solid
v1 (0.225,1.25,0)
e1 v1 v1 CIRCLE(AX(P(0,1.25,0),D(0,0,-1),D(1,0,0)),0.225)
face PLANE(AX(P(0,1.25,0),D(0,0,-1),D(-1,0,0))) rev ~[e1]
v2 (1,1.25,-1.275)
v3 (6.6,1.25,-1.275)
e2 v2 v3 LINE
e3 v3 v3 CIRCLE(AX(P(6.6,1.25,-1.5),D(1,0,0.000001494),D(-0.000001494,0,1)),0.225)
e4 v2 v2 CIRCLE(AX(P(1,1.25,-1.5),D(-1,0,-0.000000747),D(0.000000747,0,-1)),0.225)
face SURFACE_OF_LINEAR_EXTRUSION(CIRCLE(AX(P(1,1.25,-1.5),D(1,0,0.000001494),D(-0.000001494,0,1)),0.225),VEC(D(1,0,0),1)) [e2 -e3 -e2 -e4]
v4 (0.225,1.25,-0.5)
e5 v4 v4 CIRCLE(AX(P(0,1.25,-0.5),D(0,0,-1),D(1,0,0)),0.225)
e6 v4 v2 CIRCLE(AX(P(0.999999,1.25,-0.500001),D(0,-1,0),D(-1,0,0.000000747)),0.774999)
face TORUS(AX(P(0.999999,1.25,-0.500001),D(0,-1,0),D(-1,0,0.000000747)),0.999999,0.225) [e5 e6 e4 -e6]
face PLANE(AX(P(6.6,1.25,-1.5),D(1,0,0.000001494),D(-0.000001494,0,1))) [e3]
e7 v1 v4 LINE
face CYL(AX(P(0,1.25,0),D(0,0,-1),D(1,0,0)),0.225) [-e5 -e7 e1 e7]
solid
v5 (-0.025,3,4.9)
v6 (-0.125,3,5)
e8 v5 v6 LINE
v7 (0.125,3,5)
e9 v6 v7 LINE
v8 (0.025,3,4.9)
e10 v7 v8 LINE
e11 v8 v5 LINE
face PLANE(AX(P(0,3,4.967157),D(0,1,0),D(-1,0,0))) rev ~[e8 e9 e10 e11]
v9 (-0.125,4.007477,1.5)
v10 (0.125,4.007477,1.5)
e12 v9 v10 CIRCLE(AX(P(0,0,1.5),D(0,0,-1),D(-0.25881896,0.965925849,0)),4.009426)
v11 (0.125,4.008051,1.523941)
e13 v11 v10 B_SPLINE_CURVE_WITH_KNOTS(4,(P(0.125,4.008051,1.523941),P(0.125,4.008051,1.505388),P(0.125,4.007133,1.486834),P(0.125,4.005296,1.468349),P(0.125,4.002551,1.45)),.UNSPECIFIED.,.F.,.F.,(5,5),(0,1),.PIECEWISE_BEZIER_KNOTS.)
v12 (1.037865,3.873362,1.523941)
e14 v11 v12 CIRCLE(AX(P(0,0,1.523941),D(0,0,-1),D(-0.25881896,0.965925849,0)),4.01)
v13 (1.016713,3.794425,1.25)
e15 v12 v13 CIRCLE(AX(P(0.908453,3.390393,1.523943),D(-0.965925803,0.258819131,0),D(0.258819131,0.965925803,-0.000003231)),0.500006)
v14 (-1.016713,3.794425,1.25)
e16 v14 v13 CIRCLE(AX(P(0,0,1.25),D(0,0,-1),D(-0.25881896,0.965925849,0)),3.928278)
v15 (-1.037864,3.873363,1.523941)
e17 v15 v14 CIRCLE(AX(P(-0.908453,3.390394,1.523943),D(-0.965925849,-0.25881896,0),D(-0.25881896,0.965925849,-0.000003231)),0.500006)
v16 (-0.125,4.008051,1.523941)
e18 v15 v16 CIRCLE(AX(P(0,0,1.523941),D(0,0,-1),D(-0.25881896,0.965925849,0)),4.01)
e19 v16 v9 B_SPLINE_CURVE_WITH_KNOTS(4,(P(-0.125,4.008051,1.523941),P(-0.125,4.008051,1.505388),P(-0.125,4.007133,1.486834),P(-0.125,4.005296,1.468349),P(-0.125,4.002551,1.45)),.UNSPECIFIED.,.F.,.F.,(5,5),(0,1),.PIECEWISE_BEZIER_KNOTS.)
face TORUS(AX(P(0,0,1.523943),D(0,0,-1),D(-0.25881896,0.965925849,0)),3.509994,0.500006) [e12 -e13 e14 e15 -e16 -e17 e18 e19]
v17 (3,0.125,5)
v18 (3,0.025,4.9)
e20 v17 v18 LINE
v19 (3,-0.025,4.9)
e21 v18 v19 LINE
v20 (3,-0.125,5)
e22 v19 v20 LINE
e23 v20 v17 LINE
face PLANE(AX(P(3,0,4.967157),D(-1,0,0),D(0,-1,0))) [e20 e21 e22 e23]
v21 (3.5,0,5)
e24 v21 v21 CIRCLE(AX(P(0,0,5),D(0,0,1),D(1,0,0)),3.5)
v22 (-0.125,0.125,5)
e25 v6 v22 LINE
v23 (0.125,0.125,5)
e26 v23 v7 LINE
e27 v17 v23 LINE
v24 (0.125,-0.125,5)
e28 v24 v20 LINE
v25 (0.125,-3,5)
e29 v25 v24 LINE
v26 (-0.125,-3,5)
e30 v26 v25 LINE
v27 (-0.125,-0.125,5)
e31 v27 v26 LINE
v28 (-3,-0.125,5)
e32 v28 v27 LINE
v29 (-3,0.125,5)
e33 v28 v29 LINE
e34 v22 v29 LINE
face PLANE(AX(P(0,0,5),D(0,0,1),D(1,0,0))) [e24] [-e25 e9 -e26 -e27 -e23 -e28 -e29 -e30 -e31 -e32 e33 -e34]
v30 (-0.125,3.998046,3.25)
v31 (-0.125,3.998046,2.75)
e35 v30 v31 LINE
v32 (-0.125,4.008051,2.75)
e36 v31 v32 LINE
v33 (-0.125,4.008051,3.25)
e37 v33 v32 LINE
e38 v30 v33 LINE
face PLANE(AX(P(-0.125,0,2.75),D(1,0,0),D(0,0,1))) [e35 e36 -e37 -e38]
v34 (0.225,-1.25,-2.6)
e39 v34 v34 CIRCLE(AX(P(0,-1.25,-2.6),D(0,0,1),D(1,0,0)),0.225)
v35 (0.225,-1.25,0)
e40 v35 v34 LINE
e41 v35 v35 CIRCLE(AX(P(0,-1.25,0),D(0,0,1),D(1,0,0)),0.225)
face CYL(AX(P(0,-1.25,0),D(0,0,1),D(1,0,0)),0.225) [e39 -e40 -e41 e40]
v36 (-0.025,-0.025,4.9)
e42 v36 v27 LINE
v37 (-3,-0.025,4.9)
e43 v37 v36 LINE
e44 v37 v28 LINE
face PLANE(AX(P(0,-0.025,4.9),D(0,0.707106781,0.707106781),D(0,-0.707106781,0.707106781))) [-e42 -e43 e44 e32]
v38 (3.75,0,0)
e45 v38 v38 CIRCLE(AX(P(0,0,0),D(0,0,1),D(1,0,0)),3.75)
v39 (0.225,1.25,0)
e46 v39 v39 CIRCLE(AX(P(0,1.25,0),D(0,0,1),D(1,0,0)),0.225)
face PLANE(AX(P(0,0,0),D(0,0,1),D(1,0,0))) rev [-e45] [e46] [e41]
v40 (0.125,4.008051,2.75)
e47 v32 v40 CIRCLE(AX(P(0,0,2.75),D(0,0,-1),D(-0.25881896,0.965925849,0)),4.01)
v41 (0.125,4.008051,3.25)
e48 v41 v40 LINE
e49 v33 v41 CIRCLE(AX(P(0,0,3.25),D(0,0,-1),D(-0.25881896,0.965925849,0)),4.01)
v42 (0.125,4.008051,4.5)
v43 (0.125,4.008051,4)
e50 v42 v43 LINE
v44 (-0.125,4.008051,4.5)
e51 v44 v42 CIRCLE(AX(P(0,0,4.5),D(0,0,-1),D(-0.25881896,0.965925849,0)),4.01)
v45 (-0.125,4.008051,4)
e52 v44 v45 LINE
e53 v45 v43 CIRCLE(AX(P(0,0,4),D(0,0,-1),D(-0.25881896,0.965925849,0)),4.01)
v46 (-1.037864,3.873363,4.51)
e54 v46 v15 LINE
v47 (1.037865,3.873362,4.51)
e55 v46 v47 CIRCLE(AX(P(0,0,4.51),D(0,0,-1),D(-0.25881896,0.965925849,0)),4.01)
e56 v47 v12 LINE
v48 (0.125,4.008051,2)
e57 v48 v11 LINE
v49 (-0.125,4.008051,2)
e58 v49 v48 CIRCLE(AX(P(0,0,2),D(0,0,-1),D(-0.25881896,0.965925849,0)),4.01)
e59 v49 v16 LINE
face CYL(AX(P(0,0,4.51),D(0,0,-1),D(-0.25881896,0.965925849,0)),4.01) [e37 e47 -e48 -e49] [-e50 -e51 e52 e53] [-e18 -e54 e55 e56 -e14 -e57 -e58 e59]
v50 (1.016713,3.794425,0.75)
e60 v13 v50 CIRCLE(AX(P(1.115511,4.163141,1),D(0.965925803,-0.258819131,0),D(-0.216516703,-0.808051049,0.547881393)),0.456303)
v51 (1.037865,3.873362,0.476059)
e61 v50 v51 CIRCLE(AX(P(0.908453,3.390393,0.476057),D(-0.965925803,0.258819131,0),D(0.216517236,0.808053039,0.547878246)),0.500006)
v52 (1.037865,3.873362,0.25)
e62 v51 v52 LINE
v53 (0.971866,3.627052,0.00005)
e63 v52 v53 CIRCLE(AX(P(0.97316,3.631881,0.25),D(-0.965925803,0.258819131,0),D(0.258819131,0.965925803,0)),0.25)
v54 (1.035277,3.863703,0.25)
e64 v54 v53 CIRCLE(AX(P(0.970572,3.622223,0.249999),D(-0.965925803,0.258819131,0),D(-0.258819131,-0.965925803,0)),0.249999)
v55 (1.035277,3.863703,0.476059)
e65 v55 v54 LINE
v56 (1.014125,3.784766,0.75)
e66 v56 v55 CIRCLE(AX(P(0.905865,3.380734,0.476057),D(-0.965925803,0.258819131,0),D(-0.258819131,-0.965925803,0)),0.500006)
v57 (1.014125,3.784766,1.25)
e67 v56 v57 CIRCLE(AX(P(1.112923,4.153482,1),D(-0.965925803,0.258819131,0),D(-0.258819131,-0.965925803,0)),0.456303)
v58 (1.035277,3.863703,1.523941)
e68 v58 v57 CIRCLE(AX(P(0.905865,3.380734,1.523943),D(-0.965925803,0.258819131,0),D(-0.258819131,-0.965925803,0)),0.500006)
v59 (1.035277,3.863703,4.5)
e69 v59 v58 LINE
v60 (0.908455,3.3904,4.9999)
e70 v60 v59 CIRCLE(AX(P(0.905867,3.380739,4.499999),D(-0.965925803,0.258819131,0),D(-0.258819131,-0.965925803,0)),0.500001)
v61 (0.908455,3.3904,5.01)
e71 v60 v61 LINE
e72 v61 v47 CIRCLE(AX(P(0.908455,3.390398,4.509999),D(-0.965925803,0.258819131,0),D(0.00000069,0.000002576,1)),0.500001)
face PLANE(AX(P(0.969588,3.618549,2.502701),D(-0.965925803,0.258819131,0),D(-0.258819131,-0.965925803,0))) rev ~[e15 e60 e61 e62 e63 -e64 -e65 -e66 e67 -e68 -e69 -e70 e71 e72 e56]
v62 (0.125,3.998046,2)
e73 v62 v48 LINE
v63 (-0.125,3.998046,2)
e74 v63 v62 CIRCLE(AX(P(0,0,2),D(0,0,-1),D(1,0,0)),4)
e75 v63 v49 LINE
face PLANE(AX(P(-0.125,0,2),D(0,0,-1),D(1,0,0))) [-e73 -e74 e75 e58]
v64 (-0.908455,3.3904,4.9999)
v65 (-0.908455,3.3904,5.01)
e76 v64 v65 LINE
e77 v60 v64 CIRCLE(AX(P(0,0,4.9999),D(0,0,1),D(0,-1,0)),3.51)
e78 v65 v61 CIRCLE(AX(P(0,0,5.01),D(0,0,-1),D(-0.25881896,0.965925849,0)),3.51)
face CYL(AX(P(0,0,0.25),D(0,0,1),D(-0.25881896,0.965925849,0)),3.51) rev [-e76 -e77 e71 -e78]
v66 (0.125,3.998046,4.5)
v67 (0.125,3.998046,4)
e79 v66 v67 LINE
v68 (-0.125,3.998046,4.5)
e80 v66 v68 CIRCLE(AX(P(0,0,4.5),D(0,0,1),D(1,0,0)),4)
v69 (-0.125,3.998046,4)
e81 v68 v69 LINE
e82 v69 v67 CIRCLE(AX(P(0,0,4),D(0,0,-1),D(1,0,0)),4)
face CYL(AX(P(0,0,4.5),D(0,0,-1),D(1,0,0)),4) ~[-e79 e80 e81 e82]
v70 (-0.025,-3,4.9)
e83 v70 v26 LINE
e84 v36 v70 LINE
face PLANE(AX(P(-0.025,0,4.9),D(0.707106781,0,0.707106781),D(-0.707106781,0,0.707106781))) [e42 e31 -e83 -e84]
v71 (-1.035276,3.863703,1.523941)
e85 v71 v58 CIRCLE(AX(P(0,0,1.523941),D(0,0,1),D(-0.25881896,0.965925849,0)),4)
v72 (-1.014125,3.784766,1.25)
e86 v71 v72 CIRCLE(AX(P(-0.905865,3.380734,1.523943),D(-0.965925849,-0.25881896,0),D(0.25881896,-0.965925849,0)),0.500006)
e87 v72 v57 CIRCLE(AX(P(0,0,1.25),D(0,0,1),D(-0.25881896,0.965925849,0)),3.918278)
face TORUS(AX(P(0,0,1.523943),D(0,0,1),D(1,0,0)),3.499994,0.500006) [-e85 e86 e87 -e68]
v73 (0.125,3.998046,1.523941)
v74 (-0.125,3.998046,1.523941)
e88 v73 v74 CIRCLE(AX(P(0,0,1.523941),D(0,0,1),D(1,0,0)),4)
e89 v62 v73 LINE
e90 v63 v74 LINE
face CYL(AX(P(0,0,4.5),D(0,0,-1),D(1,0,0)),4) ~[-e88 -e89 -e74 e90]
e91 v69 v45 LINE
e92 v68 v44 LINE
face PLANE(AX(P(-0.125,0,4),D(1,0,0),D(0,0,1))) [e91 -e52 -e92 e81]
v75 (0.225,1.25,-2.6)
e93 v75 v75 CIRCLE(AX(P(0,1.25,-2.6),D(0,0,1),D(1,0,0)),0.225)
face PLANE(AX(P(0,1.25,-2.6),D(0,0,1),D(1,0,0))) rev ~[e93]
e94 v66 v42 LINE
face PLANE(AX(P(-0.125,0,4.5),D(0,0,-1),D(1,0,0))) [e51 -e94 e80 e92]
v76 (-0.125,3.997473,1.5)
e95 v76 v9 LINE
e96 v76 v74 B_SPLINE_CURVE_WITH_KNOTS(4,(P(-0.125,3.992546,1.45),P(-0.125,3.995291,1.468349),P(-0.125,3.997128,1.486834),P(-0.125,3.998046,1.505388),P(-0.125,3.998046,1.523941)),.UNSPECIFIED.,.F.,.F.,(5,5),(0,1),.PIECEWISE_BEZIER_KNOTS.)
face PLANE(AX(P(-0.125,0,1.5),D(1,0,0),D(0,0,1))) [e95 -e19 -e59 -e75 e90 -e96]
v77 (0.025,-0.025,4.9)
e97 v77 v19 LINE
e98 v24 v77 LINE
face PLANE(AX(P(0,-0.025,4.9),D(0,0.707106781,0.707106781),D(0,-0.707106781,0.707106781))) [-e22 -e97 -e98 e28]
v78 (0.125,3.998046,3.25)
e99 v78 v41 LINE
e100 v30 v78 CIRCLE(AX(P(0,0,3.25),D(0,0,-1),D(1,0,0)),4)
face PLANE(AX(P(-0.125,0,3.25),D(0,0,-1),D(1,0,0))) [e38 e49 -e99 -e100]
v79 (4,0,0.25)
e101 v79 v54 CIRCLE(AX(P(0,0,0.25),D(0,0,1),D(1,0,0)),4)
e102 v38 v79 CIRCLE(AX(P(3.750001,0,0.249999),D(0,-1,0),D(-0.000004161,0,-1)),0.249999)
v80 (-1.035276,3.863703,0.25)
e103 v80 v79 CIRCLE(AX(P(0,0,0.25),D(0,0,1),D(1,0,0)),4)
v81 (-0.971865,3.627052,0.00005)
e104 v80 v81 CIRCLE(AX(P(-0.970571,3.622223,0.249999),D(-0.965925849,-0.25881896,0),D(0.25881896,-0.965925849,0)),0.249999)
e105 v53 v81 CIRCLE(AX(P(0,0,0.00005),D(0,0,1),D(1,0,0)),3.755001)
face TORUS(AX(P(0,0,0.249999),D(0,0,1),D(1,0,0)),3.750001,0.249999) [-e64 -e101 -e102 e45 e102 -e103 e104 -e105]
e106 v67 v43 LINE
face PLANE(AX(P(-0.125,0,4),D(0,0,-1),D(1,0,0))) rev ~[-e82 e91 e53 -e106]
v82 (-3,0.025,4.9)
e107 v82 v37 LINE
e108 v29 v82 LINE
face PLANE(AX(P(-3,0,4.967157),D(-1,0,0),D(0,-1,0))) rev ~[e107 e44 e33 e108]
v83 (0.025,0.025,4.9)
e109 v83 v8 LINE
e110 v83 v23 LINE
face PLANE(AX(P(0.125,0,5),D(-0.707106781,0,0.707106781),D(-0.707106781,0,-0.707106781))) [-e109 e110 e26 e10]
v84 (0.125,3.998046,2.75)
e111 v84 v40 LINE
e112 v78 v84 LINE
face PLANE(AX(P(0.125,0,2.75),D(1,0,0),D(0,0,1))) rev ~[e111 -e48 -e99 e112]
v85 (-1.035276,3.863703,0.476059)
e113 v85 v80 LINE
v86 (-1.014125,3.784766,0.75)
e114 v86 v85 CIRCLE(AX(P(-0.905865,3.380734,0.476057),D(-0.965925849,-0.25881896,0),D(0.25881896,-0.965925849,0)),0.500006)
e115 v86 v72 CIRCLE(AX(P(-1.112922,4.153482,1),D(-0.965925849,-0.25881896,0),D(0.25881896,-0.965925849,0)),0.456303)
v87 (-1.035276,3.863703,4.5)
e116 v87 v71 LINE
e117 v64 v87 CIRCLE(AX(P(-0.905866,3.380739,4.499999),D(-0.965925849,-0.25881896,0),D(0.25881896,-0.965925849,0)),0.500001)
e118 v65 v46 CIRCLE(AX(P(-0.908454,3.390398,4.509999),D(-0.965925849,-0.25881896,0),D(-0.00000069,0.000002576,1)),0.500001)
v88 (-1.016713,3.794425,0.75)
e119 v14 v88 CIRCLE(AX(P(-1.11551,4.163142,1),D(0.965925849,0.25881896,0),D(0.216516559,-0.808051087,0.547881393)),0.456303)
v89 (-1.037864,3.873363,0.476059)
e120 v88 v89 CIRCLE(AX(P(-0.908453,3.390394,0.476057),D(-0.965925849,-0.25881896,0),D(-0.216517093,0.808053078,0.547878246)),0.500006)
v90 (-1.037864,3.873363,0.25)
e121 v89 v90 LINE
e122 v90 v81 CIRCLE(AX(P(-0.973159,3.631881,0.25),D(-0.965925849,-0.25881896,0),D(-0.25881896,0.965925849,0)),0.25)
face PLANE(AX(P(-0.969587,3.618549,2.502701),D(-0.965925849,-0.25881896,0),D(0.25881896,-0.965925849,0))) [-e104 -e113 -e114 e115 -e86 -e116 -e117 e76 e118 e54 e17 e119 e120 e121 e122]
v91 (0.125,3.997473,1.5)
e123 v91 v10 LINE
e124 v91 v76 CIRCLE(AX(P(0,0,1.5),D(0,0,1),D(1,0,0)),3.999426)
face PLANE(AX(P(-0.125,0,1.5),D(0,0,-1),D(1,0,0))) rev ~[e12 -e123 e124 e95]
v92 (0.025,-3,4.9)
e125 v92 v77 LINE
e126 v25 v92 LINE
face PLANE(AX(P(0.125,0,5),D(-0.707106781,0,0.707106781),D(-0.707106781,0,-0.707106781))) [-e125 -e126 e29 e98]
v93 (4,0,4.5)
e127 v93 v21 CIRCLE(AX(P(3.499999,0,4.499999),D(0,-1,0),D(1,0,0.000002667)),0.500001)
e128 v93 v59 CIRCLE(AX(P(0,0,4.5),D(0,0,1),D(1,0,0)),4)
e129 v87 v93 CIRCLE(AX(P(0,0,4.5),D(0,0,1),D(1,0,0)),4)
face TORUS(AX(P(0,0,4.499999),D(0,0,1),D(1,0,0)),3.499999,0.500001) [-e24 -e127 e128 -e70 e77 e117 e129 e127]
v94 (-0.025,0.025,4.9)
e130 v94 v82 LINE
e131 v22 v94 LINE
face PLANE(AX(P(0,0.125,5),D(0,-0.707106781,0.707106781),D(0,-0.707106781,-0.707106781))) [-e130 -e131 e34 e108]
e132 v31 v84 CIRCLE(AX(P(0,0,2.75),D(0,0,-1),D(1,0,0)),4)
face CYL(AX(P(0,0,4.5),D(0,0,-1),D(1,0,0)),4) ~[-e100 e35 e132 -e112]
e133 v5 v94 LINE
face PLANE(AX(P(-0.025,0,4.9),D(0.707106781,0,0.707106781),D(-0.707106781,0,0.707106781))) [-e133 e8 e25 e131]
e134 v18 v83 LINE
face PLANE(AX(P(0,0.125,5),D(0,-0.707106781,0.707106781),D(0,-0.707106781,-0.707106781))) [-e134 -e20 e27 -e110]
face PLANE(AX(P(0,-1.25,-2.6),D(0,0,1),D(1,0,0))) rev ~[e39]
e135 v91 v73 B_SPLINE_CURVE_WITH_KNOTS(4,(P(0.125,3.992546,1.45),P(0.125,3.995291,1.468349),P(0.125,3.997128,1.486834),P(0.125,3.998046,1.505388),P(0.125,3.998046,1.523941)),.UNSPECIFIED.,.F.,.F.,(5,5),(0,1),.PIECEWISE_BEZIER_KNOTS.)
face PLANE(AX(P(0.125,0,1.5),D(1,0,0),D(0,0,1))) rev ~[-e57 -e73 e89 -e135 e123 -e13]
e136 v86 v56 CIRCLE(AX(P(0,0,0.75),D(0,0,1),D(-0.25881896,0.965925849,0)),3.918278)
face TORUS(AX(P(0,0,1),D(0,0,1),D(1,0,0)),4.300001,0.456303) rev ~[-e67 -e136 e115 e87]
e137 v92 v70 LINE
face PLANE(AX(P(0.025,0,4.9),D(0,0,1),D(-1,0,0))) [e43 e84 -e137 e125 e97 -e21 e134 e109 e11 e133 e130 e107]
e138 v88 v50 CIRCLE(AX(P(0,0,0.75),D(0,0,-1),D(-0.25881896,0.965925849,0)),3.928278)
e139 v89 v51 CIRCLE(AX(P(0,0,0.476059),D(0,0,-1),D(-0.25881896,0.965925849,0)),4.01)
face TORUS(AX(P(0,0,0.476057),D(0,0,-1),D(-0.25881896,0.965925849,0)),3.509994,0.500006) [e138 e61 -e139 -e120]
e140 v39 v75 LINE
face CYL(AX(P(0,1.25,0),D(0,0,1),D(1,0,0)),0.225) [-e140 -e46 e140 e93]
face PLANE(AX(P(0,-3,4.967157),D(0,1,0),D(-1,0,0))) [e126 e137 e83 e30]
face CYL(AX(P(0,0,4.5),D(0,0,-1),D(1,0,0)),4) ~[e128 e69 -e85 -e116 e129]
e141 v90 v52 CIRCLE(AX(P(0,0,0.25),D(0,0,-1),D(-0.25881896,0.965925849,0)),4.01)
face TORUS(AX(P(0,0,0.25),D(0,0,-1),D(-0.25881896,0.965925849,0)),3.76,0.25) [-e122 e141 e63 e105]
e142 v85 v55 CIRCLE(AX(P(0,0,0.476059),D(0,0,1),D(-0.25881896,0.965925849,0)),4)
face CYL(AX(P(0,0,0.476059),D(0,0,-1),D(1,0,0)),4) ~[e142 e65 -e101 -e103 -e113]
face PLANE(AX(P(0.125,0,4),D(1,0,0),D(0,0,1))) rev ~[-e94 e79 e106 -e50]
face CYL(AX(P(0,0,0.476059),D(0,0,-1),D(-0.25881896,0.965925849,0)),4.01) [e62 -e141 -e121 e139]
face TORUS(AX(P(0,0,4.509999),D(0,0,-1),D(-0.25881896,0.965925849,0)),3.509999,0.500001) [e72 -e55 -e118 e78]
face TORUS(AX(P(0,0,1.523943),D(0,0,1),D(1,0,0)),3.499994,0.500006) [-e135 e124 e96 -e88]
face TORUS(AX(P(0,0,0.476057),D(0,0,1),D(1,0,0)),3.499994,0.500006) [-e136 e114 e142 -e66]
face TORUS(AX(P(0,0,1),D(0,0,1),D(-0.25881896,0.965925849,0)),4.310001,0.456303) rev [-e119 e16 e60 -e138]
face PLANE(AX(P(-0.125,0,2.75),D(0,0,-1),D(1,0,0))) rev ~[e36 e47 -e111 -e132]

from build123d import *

# Parameters (mm, degrees)
SKETCH003_R         = 0.225
REVOLUTION001_ANGLE = -30
SKETCH015_W         = 0.25
SKETCH015_H         = 0.5
POCKET002_DEPTH     = 4.011
LINEARPATTERN_COUNT = 3
LINEARPATTERN_PITCH = 1.25
SKETCH010_R         = 0.225
PAD002_DEPTH        = 2.6
SKETCH013_R         = 3.5
PAD_DEPTH           = 0.5
POCKET001_DEPTH     = 3
POLARPATTERN_COUNT  = 3
POLARPATTERN_ANGLE  = 180
SKETCH012_R         = 3.5
POCKET_DEPTH        = 0.5


with BuildPart() as leadangledclone:
    # AdditivePipe: sweep along a path in Sketch004
    with BuildLine(Plane.XZ) as additivepipe_path:
        Line((0, 0), (0, -0.5))
        ThreePointArc((0, -0.5), (0.292893, -1.207107), (1, -1.5))
        Line((1, -1.5), (6.6, -1.5))
    # Sketch003 (on ShapeBinder) → AdditivePipe (sweep)
    with BuildSketch(Plane(origin=(0, 0, 0), x_dir=(1, 0, 0), z_dir=(0, 0, -1))):
        with Locations((0, 1.25)):
            Circle(SKETCH003_R)
    sweep(path=additivepipe_path.line)


with BuildPart() as leadangledclone_1:
    # Body003 placement: moved
    add(leadangledclone.part.moved(Location((0, 2.5, 0))))


with BuildPart() as polaritymarking:
    # Sketch005 → Revolution001 (revolve)
    with BuildSketch(Plane(origin=(0, 0, 0), x_dir=(-0.258819, 0.965926, 0), z_dir=(0.965926, 0.258819, 0))):
        with BuildLine():
            Line((3.51, 0.25), (3.51, 5.01))
            ThreePointArc((3.51, 5.01), (3.863553, 4.863553), (4.01, 4.51))
            Line((4.01, 4.51), (4.01, 1.523941))
            ThreePointArc((4.01, 1.523941), (3.989134, 1.381006), (3.928278, 1.25))
            ThreePointArc((3.928278, 1.25), (3.853698, 1), (3.928278, 0.75))
            ThreePointArc((3.928278, 0.75), (3.989134, 0.618994), (4.01, 0.476059))
            Line((4.01, 0.476059), (4.01, 0.25))
            ThreePointArc((4.01, 0.25), (3.76, 0), (3.51, 0.25))
        make_face()
    revolve(axis=Axis((0, 0, 0), (0, 0, 1)), revolution_arc=REVOLUTION001_ANGLE)

    # Sketch015 → Pocket002 (cut, through all)
    with BuildSketch(Plane.XZ):
        with Locations((0, 1.75)):
            Rectangle(SKETCH015_W, SKETCH015_H)
    pocket002 = extrude(amount=-POCKET002_DEPTH, mode=Mode.SUBTRACT)

    # LinearPattern: Pocket002 ×3
    with Locations(*[(0, 0, i * LINEARPATTERN_PITCH) for i in range(1, LINEARPATTERN_COUNT)]):
        add(pocket002, mode=Mode.SUBTRACT)


with BuildPart() as leadstraight:
    # Sketch010 → Pad002 (new body)
    with BuildSketch(Plane(origin=(0, 1.25, 0), x_dir=(1, 0, 0), z_dir=(0, 0, 1))):
        Circle(SKETCH010_R)
    extrude(amount=-PAD002_DEPTH)


with BuildPart() as leadstraightclone:
    # Body007 base: copy of LeadStraight
    add(leadstraight.part)


with BuildPart() as leadstraightclone_1:
    # Body007 placement: moved
    add(leadstraightclone.part.moved(Location((0, -2.5, 0))))


with BuildPart() as housingtop:
    # Sketch013 (on ShapeBinder) → Pad (new body)
    with BuildSketch(Plane.XY.offset(4.5)):
        Circle(SKETCH013_R)
    extrude(amount=PAD_DEPTH)

    # Sketch014 → Pocket001 (cut, symmetric)
    with BuildSketch(Plane.XZ):
        Polygon((-0.125, 5), (0.125, 5), (0.025, 4.9), (-0.025, 4.9), align=None)
    pocket001 = extrude(amount=POCKET001_DEPTH, both=True, mode=Mode.SUBTRACT)

    # PolarPattern: Pocket001 ×3 about axis
    polarpattern_axis = Axis((0, 0, 0), (0, 0, 1))
    for i in range(1, POLARPATTERN_COUNT):
        add(pocket001.rotate(polarpattern_axis, i * POLARPATTERN_ANGLE / (POLARPATTERN_COUNT - 1)), mode=Mode.SUBTRACT)


with BuildPart() as fusion:
    # Sketch → Revolution (revolve)
    with BuildSketch(Plane.XZ):
        with BuildLine():
            Line((0, 5), (3.5, 5))
            ThreePointArc((4, 4.5), (3.853553, 4.853553), (3.5, 5))
            Line((4, 4.5), (4, 1.523941))
            ThreePointArc((3.918278, 1.25), (3.979134, 1.381006), (4, 1.523941))
            ThreePointArc((3.918278, 1.25), (3.843698, 1), (3.918278, 0.75))
            ThreePointArc((4, 0.476059), (3.979134, 0.618994), (3.918278, 0.75))
            Line((4, 0.476059), (4, 0.25))
            ThreePointArc((3.75, 0), (3.926777, 0.073223), (4, 0.25))
            Line((0, 0), (3.75, 0))
            Line((0, 5), (0, 0))
        make_face()
    revolve(axis=Axis((0, 0, 0), (0, 0, 1)))

    # Sketch012 → Pocket (cut)
    with BuildSketch(Plane.XY.offset(5)):
        Circle(SKETCH012_R)
    extrude(amount=-POCKET_DEPTH, mode=Mode.SUBTRACT)

    # Fusion: union PolarityMarking, LeadStraight, LeadStraightClone, HousingTop
    add(polaritymarking.part)
    add(leadstraight.part)
    add(leadstraightclone_1.part)
    add(housingtop.part)


solid = Compound([leadangledclone_1.part, fusion.part])
